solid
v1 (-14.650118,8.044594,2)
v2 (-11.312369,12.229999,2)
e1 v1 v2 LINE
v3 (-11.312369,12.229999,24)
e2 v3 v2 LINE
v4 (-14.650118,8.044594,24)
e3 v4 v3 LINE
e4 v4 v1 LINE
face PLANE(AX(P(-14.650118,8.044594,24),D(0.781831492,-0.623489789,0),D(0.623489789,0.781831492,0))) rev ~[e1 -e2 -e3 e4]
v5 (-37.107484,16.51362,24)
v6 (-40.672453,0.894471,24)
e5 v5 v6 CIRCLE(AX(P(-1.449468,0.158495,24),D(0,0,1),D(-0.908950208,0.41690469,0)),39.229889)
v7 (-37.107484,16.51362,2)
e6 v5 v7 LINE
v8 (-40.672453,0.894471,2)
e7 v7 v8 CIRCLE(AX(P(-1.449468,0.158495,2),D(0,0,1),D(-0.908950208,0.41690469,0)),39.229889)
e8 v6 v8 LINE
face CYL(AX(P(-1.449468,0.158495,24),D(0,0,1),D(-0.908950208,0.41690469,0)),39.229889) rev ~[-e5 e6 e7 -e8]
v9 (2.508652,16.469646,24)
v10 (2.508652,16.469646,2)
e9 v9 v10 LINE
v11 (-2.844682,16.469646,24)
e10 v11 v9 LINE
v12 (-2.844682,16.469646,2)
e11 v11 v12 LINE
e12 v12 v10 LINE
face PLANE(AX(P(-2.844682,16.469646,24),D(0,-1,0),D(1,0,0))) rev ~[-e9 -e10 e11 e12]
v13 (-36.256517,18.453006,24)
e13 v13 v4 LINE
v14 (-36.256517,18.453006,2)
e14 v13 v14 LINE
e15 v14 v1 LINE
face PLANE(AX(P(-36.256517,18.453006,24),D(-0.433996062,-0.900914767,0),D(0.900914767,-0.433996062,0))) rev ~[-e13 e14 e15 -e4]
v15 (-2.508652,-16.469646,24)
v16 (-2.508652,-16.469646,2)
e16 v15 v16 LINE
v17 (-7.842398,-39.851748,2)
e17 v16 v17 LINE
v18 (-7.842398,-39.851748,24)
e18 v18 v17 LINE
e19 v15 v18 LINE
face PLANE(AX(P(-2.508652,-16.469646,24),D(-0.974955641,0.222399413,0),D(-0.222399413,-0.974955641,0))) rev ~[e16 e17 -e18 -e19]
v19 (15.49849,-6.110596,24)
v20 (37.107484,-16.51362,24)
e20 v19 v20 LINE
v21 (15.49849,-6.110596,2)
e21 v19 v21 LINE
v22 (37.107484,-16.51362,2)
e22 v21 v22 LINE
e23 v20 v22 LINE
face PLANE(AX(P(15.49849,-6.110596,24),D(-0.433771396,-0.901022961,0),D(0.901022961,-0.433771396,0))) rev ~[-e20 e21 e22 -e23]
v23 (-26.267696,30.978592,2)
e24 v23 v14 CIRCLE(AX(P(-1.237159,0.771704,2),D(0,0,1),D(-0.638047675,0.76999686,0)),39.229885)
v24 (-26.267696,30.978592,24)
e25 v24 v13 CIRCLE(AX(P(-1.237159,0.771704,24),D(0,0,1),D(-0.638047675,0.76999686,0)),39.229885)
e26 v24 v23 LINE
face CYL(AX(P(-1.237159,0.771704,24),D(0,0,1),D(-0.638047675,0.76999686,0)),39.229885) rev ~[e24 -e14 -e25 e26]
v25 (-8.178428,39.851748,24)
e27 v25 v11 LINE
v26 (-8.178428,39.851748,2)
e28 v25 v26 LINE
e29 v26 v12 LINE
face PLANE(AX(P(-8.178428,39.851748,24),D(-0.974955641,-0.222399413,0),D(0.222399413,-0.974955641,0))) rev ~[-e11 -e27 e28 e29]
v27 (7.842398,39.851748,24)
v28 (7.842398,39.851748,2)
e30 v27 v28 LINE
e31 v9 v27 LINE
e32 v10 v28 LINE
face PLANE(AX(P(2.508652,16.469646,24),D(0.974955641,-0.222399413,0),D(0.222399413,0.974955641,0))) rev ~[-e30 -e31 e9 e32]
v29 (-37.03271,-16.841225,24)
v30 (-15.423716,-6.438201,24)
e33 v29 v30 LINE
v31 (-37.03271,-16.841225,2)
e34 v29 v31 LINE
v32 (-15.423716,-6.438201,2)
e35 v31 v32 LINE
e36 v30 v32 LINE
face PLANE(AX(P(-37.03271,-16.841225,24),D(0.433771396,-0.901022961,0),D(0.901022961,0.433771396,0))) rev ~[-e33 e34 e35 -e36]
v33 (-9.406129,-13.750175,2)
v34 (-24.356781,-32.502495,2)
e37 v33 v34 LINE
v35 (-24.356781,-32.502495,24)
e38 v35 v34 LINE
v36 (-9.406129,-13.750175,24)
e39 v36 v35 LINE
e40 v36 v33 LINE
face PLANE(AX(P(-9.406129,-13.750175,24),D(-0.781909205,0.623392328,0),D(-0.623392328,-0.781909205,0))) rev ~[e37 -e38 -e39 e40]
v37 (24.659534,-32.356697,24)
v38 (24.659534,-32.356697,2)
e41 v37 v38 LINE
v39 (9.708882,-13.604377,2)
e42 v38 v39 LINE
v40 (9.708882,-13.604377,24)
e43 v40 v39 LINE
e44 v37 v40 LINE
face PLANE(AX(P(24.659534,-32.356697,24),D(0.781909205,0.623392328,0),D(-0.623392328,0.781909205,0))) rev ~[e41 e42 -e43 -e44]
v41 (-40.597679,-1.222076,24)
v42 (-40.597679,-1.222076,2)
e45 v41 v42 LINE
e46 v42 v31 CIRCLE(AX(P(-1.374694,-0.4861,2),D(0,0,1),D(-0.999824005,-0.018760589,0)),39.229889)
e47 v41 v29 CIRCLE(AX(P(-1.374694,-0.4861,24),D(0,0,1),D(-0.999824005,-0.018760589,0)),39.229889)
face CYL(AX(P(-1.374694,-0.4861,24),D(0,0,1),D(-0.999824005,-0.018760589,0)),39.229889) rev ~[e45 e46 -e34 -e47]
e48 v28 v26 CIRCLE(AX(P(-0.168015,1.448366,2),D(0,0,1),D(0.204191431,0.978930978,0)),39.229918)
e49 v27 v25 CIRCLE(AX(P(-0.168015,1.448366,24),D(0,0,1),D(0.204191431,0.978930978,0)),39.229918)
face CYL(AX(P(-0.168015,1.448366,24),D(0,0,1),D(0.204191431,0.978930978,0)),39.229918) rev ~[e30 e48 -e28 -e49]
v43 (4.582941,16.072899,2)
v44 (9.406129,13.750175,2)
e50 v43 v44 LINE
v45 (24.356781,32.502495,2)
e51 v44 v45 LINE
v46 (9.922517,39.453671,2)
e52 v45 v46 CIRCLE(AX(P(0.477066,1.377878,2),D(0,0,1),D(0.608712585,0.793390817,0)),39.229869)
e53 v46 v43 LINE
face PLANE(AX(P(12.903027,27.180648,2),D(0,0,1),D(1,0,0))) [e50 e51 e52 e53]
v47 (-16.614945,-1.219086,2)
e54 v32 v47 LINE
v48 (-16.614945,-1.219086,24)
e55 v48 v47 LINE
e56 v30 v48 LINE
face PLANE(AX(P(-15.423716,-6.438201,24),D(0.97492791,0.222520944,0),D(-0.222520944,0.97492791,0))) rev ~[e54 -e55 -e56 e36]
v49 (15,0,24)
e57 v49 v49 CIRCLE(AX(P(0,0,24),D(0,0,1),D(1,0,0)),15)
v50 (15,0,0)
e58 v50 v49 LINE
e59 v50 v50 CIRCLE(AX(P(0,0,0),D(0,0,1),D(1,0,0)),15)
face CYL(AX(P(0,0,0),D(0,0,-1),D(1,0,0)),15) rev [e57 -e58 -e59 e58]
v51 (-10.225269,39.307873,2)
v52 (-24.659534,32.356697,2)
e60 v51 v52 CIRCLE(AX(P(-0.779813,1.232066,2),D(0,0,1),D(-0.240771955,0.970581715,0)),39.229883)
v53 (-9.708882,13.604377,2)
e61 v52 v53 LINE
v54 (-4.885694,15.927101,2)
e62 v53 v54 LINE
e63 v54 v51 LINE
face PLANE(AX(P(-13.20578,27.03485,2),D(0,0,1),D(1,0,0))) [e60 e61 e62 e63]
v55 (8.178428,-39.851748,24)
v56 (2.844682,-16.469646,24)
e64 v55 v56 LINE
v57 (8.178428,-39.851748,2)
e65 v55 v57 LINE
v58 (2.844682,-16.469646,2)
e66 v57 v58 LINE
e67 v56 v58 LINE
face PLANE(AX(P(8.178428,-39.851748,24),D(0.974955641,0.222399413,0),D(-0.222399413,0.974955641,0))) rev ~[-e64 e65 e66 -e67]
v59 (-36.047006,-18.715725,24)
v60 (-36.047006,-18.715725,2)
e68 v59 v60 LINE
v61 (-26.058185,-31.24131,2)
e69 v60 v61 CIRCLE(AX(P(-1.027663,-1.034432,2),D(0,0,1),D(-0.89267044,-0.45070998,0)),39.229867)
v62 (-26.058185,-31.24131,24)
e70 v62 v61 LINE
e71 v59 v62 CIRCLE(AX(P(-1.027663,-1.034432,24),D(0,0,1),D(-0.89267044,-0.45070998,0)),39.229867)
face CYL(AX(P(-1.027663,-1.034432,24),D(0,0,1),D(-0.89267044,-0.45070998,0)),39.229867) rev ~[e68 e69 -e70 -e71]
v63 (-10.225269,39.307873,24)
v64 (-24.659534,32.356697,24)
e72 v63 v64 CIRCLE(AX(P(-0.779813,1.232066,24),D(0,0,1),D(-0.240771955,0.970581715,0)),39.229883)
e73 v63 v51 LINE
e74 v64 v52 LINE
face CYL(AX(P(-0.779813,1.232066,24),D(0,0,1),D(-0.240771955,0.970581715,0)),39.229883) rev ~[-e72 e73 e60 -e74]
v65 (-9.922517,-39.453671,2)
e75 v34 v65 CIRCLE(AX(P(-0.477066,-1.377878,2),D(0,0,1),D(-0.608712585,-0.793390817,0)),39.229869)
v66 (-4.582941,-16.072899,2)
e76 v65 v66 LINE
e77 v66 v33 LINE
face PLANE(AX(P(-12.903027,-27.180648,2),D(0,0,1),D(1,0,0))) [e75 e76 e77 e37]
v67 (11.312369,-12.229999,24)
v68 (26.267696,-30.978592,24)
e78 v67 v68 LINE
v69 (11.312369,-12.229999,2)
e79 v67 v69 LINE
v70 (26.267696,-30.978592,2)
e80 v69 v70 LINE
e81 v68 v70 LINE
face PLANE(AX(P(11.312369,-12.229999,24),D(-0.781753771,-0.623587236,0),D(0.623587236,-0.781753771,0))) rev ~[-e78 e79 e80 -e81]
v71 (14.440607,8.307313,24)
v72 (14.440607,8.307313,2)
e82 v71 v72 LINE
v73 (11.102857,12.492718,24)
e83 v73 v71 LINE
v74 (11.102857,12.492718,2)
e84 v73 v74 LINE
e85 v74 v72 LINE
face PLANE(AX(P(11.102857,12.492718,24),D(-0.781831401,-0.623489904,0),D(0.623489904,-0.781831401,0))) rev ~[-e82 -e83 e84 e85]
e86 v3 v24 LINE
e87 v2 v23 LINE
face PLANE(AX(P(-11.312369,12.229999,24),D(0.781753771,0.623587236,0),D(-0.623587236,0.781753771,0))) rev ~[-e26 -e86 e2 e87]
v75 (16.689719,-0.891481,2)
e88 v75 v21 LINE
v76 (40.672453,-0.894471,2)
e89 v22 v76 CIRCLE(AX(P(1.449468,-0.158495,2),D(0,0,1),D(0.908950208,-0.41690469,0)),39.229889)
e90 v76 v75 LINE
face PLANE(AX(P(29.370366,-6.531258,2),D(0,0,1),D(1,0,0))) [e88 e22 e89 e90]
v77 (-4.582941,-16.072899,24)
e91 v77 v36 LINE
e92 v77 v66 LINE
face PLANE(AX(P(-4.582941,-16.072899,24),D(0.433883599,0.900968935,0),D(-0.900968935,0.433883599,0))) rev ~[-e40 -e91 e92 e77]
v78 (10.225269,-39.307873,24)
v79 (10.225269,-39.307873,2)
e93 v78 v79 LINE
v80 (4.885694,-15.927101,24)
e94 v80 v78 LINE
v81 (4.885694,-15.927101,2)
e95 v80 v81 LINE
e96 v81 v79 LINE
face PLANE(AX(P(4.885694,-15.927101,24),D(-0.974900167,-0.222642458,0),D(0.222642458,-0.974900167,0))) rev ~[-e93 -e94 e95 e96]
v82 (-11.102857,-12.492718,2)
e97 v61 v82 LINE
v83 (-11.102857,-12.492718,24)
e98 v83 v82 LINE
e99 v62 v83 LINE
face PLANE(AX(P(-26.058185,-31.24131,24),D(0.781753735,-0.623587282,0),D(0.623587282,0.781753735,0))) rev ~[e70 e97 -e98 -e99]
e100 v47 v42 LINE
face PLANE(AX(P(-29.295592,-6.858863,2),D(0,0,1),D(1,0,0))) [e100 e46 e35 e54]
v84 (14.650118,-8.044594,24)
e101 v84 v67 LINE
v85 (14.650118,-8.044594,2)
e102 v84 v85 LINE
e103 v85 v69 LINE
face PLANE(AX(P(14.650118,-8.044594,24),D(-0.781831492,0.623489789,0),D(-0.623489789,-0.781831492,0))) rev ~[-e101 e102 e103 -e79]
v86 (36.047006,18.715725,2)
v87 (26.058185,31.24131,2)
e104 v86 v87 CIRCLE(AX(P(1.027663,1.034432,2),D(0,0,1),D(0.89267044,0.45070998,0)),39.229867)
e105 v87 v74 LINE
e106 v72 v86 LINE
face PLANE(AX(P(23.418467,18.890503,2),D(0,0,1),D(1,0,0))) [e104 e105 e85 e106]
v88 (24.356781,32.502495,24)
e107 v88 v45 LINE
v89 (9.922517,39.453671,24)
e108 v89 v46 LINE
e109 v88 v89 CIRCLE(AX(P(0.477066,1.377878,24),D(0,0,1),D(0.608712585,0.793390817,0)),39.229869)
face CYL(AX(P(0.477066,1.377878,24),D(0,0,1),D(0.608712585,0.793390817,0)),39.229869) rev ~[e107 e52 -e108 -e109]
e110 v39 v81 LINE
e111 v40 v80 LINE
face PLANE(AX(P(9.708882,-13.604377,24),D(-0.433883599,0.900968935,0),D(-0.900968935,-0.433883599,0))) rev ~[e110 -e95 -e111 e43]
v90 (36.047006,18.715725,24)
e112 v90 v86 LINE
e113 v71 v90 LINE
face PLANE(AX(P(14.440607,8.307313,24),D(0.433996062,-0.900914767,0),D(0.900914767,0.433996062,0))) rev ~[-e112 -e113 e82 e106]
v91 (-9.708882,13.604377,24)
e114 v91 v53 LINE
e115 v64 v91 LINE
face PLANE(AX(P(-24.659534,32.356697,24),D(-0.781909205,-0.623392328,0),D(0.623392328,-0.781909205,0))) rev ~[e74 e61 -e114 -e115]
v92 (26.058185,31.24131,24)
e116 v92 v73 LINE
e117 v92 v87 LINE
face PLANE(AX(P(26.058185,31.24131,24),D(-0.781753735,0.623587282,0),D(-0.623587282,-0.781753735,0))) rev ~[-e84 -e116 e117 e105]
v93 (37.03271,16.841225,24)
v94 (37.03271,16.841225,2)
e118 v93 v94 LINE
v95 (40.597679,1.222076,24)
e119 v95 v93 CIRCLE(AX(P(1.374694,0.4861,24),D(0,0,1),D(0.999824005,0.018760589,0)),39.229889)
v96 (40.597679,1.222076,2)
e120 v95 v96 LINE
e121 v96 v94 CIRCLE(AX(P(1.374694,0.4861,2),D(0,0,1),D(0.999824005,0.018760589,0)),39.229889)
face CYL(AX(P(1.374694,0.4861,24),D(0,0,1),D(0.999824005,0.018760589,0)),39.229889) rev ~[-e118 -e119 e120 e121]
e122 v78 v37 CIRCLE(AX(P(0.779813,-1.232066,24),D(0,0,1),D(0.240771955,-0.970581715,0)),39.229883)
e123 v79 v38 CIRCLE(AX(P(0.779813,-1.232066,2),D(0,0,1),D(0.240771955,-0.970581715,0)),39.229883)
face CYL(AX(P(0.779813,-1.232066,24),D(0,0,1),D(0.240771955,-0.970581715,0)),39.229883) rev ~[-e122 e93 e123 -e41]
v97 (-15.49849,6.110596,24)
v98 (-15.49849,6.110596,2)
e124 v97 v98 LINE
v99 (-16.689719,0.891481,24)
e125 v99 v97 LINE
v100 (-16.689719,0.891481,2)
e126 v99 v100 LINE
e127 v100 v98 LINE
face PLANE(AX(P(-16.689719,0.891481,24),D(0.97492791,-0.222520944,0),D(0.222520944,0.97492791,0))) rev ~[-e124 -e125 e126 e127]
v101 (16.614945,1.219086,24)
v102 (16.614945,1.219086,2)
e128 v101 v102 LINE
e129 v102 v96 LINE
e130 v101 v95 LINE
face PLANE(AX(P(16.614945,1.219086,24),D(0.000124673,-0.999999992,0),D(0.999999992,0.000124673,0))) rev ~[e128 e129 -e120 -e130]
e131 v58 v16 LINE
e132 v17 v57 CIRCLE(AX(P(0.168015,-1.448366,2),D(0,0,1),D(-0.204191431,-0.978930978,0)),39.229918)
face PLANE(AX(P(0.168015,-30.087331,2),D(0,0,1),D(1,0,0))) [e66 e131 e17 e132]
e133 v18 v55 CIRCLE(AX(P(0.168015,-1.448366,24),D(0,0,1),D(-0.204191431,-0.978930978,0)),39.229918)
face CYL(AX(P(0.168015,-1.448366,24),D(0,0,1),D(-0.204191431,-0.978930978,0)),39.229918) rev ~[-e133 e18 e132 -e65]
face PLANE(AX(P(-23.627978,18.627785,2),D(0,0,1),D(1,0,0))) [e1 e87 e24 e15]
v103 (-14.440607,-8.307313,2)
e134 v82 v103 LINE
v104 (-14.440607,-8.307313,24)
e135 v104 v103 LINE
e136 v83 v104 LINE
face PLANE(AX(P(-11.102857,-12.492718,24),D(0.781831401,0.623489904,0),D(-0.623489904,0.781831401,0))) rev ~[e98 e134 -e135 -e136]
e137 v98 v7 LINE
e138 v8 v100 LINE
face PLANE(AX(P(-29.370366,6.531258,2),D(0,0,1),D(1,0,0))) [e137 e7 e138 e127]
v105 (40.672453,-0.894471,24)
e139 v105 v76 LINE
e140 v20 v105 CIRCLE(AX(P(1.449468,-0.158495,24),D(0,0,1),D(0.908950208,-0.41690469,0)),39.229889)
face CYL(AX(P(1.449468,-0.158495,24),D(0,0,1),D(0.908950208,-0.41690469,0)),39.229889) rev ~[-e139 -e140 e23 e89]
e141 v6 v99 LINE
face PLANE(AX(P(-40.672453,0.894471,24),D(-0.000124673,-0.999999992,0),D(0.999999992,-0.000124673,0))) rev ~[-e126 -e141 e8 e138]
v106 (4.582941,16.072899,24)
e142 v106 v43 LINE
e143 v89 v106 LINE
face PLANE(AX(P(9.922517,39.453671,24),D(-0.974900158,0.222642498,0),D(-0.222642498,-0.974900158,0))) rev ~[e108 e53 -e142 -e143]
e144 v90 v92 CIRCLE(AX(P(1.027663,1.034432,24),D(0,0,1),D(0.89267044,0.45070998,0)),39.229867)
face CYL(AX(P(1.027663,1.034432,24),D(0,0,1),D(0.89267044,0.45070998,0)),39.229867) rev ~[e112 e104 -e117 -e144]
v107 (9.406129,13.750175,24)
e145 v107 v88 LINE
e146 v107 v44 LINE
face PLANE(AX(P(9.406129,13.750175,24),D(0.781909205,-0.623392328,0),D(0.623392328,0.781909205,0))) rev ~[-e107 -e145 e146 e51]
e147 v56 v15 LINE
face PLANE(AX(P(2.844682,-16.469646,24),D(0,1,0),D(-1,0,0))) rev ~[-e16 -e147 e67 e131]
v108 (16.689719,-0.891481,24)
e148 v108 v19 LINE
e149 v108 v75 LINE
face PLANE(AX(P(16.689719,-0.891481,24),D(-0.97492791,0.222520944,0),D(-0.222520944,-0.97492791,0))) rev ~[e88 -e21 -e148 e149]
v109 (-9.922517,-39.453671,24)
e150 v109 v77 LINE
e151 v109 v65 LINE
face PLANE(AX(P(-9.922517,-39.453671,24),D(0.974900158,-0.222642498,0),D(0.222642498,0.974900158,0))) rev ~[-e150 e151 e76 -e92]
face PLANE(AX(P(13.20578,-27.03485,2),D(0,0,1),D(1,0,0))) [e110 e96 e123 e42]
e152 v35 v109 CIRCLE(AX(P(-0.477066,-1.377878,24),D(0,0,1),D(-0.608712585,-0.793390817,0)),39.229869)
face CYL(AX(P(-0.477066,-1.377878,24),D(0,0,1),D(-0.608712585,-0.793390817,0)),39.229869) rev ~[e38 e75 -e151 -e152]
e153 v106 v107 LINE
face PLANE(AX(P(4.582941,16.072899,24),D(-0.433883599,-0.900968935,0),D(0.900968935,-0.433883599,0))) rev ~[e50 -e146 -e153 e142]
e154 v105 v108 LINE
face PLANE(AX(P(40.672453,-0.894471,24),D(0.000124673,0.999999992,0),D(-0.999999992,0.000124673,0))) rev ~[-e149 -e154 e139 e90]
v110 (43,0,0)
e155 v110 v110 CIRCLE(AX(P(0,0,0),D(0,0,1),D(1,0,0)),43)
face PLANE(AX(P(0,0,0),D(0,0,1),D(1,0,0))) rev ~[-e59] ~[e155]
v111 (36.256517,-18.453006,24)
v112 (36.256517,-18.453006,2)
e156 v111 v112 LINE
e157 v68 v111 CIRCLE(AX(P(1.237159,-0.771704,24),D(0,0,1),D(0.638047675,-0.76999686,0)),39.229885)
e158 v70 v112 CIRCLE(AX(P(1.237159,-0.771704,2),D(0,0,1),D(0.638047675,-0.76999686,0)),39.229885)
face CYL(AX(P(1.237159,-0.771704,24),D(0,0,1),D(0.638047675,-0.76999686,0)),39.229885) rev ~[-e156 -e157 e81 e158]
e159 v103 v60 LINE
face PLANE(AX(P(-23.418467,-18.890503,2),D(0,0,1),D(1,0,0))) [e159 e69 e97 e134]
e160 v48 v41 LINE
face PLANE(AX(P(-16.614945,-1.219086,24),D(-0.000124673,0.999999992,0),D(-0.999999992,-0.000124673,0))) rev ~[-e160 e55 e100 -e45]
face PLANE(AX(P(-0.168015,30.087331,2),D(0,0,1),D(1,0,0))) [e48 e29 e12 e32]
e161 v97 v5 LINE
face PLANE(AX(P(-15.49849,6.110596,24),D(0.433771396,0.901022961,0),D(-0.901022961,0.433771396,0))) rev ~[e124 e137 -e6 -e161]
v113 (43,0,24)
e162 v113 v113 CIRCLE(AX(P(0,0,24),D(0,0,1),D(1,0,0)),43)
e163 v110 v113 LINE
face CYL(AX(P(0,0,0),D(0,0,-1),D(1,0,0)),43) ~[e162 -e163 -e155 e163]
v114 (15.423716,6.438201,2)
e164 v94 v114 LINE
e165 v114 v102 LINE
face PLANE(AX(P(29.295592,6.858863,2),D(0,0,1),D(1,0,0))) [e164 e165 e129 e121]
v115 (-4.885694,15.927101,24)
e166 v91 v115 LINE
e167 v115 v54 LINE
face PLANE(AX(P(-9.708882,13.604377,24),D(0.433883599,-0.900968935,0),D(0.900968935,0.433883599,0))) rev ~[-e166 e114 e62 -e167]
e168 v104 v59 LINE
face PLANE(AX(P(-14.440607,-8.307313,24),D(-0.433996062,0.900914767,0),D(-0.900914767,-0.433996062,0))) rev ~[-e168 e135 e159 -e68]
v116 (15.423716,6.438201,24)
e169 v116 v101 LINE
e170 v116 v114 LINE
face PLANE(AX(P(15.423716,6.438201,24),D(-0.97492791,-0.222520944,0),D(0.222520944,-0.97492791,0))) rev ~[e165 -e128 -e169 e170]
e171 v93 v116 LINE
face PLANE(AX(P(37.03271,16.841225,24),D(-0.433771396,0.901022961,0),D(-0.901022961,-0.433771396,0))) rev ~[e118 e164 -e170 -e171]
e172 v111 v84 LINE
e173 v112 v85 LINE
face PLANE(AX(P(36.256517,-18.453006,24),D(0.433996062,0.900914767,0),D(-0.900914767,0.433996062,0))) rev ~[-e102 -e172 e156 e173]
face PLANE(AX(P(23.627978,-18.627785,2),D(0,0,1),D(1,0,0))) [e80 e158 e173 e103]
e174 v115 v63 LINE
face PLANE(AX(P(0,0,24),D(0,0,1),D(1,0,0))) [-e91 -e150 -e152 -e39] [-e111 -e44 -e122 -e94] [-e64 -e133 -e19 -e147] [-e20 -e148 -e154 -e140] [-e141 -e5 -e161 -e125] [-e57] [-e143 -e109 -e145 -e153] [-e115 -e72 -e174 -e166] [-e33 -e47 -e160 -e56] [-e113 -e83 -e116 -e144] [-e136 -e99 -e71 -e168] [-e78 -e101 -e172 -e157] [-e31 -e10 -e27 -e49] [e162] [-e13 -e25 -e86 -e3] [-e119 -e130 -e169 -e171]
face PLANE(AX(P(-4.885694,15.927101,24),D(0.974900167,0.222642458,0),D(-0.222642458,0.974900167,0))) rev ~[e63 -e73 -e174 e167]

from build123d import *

# Parameters (mm, degrees)
F0_R     = 43
F0_R_2   = 15
F1_DEPTH = 24
F3_DEPTH = 22


with BuildPart() as f1:
    # F0 (on Top) → F1 (new body)
    with BuildSketch(Plane.XY):
        Circle(F0_R)
        Circle(F0_R_2, mode=Mode.SUBTRACT)
    extrude(amount=F1_DEPTH)

    # F2 (on face) → F3 (cut)
    with BuildSketch(Plane.XY.offset(24)):
        with BuildLine():
            Line((-11.312369, 12.229999), (-26.267696, 30.978592))
            ThreePointArc((-26.267696, 30.978592), (-31.908319, 25.231136), (-36.256517, 18.453006))
            Line((-36.256517, 18.453006), (-14.650118, 8.044594))
            Line((-14.650118, 8.044594), (-11.312369, 12.229999))
        make_face()
        with BuildLine():
            Line((-4.885694, 15.927101), (-10.225269, 39.307873))
            ThreePointArc((-10.225269, 39.307873), (-17.801022, 36.576969), (-24.659534, 32.356697))
            Line((-24.659534, 32.356697), (-9.708882, 13.604377))
            Line((-9.708882, 13.604377), (-4.885694, 15.927101))
        make_face()
        with BuildLine():
            Line((2.508652, 16.469646), (7.842398, 39.851748))
            ThreePointArc((7.842398, 39.851748), (-0.168015, 40.678284), (-8.178428, 39.851748))
            Line((-8.178428, 39.851748), (-2.844682, 16.469646))
            Line((-2.844682, 16.469646), (2.508652, 16.469646))
        make_face()
        with BuildLine():
            Line((9.406129, 13.750175), (24.356781, 32.502495))
            ThreePointArc((24.356781, 32.502495), (17.49827, 36.722767), (9.922517, 39.453671))
            Line((9.922517, 39.453671), (4.582941, 16.072899))
            Line((4.582941, 16.072899), (9.406129, 13.750175))
        make_face()
        with BuildLine():
            Line((14.440607, 8.307313), (36.047006, 18.715725))
            ThreePointArc((36.047006, 18.715725), (31.698808, 25.493855), (26.058185, 31.24131))
            Line((26.058185, 31.24131), (11.102857, 12.492718))
            Line((11.102857, 12.492718), (14.440607, 8.307313))
        make_face()
        with BuildLine():
            Line((16.614945, 1.219086), (40.597679, 1.222076))
            ThreePointArc((40.597679, 1.222076), (39.621008, 9.215572), (37.03271, 16.841225))
            Line((37.03271, 16.841225), (15.423716, 6.438201))
            Line((15.423716, 6.438201), (16.614945, 1.219086))
        make_face()
        with BuildLine():
            Line((15.49849, -6.110596), (37.107484, -16.51362))
            ThreePointArc((37.107484, -16.51362), (39.695782, -8.887967), (40.672453, -0.894471))
            Line((40.672453, -0.894471), (16.689719, -0.891481))
            Line((16.689719, -0.891481), (15.49849, -6.110596))
        make_face()
        with BuildLine():
            Line((11.312369, -12.229999), (26.267696, -30.978592))
            ThreePointArc((26.267696, -30.978592), (31.908319, -25.231136), (36.256517, -18.453006))
            Line((36.256517, -18.453006), (14.650118, -8.044594))
            Line((14.650118, -8.044594), (11.312369, -12.229999))
        make_face()
        with BuildLine():
            Line((4.885694, -15.927101), (10.225269, -39.307873))
            ThreePointArc((10.225269, -39.307873), (17.801022, -36.576969), (24.659534, -32.356697))
            Line((24.659534, -32.356697), (9.708882, -13.604377))
            Line((9.708882, -13.604377), (4.885694, -15.927101))
        make_face()
        with BuildLine():
            Line((-2.508652, -16.469646), (-7.842398, -39.851748))
            ThreePointArc((-7.842398, -39.851748), (0.168015, -40.678284), (8.178428, -39.851748))
            Line((8.178428, -39.851748), (2.844682, -16.469646))
            Line((2.844682, -16.469646), (-2.508652, -16.469646))
        make_face()
        with BuildLine():
            Line((-9.406129, -13.750175), (-24.356781, -32.502495))
            ThreePointArc((-24.356781, -32.502495), (-17.49827, -36.722767), (-9.922517, -39.453671))
            Line((-9.922517, -39.453671), (-4.582941, -16.072899))
            Line((-4.582941, -16.072899), (-9.406129, -13.750175))
        make_face()
        with BuildLine():
            Line((-14.440607, -8.307313), (-36.047006, -18.715725))
            ThreePointArc((-36.047006, -18.715725), (-31.698808, -25.493855), (-26.058185, -31.24131))
            Line((-26.058185, -31.24131), (-11.102857, -12.492718))
            Line((-11.102857, -12.492718), (-14.440607, -8.307313))
        make_face()
        with BuildLine():
            Line((-16.614945, -1.219086), (-40.597679, -1.222076))
            ThreePointArc((-40.597679, -1.222076), (-39.621008, -9.215572), (-37.03271, -16.841225))
            Line((-37.03271, -16.841225), (-15.423716, -6.438201))
            Line((-15.423716, -6.438201), (-16.614945, -1.219086))
        make_face()
        with BuildLine():
            Line((-15.49849, 6.110596), (-37.107484, 16.51362))
            ThreePointArc((-37.107484, 16.51362), (-39.695782, 8.887967), (-40.672453, 0.894471))
            Line((-40.672453, 0.894471), (-16.689719, 0.891481))
            Line((-16.689719, 0.891481), (-15.49849, 6.110596))
        make_face()
    extrude(amount=-F3_DEPTH, mode=Mode.SUBTRACT)


solid = f1.part
